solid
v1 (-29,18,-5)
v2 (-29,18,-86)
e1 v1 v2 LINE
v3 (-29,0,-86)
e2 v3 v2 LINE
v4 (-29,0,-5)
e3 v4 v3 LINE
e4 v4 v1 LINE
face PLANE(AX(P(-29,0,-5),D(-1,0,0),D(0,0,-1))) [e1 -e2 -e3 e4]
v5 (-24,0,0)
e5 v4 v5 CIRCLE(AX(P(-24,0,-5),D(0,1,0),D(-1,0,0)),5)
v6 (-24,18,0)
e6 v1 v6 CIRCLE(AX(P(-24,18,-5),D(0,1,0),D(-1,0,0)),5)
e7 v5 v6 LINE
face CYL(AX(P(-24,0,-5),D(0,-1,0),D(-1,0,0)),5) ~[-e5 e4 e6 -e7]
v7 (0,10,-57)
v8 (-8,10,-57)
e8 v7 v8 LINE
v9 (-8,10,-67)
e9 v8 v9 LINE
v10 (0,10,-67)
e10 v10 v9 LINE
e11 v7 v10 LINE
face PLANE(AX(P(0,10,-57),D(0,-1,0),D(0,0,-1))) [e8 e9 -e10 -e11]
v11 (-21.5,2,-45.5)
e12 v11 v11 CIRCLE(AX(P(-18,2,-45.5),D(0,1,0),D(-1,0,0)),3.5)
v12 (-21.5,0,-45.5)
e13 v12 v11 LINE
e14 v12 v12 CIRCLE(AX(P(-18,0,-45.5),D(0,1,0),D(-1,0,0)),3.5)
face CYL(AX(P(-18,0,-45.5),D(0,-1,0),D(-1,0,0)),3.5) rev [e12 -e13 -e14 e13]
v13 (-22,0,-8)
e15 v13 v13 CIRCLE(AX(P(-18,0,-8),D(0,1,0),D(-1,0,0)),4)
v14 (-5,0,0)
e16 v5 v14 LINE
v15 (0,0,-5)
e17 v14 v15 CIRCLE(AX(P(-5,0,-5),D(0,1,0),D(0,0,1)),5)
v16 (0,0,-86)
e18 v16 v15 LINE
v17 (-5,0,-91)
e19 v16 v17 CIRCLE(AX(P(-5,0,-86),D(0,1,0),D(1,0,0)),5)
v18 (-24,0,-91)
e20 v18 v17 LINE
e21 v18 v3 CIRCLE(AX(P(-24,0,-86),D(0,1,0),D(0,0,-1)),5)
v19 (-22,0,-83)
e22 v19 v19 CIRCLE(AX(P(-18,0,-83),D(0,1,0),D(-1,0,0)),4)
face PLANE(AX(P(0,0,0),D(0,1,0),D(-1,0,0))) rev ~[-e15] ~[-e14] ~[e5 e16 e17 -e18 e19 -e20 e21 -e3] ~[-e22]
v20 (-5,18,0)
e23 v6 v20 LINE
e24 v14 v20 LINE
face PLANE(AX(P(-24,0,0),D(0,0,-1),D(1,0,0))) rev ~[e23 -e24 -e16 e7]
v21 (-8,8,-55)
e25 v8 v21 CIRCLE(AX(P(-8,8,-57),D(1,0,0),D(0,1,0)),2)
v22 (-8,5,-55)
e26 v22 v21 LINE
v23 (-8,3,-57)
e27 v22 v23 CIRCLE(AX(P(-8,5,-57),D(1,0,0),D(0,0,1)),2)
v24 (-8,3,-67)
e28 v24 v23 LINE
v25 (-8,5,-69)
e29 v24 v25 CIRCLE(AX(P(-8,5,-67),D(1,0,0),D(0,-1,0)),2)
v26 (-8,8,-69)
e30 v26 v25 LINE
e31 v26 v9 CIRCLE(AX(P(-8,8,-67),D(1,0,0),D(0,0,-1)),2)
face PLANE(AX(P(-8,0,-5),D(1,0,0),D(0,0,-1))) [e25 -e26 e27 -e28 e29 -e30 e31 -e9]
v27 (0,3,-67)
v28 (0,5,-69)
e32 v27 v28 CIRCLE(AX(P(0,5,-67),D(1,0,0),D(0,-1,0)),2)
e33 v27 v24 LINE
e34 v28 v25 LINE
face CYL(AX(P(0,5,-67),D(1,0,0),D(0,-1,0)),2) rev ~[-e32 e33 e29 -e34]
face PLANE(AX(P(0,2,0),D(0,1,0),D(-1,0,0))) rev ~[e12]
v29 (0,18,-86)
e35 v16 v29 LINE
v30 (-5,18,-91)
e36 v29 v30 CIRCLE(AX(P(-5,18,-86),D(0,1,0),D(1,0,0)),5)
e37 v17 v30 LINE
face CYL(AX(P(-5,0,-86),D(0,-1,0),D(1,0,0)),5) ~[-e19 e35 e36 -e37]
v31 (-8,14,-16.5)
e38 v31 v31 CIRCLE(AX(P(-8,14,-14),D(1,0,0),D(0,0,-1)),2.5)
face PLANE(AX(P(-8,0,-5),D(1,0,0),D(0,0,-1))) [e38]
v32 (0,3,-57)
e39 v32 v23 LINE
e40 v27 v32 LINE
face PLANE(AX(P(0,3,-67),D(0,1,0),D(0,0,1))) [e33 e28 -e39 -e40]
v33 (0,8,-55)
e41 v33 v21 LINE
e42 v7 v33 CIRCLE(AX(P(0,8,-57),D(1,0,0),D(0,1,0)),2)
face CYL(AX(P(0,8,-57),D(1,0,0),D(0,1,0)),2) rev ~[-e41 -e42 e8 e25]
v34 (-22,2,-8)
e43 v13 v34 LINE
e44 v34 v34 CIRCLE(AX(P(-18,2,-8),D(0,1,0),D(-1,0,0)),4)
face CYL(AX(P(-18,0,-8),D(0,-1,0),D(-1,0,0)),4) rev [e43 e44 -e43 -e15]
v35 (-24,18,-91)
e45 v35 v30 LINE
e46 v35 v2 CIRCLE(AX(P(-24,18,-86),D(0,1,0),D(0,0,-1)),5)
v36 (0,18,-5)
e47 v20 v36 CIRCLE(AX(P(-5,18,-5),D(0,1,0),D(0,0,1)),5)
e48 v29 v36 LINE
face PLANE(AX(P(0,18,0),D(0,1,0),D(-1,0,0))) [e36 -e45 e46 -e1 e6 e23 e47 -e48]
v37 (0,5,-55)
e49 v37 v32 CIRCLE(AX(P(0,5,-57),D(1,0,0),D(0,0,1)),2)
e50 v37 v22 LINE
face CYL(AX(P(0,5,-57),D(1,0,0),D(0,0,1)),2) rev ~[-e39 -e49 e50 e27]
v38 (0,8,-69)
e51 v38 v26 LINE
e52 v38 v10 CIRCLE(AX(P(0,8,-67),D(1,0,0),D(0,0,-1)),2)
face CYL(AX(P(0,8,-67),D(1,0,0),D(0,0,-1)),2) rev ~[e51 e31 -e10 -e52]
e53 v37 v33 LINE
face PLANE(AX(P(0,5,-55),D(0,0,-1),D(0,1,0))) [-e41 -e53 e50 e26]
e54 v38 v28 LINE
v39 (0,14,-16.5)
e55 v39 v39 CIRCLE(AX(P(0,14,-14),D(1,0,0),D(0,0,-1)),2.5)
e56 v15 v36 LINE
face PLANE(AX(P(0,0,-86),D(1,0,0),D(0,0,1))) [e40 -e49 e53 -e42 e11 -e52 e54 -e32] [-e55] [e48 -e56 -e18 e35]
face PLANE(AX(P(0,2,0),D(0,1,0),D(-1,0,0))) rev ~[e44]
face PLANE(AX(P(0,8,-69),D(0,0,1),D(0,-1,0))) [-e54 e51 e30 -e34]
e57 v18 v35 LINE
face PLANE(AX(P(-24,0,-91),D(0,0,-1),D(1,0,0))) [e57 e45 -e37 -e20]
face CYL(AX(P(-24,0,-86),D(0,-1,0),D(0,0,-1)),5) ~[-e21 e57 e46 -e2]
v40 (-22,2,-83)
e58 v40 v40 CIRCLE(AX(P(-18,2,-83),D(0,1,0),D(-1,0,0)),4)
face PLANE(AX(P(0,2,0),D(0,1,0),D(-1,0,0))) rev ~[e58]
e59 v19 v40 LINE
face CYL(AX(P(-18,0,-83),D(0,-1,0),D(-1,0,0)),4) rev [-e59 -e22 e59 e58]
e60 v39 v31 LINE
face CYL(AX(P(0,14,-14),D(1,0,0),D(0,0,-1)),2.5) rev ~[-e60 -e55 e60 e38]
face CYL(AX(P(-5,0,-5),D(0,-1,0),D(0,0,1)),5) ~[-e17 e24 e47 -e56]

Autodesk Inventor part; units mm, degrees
ref_plane "YZ Plane" through (0, 0, 0) normal (1, 0, 0) x (0, 1, 0)
ref_plane "XZ Plane" through (0, 0, 0) normal (0, 1, 0) x (-1, 0, 0)
ref_plane "XY Plane" through (0, 0, 0) normal (0, 0, 1) x (1, 0, 0)
sketch "Sketch1" plane through (0, 0, 0) normal (0, 1, 0) x (-1, 0, 0)
  line L0 (0, -110.6497) -> (0, 19.6497) projected
  line L1 (36.2497, 0) -> (-7.2497, 0) projected
  line L2 (5, 0) -> (24, 0)
  line L3 (29, -5) -> (29, -86)
  line L4 (24, -91) -> (5, -91)
  line L5 (0, -86) -> (0, -5)
  line L6 (0, 0) -> (29, -91) construction
  line L7 (29, 0) -> (0, -91) construction
  arc A0 (29, -5) -> (24, 0) centre (24, -5) ccw
  arc A1 (24, -91) -> (29, -86) centre (24, -86) ccw
  arc A2 (0, -86) -> (5, -91) centre (5, -86) ccw
  arc A3 (5, 0) -> (0, -5) centre (5, -5) ccw
  circle A4 centre (18, -8) radius 4
  circle A5 centre (18, -45.5) radius 3.5
  circle A6 centre (18, -83) radius 4
  point P0 (0, -5)
  dimension "d0" = 29
  dimension "d1" = 91
  dimension "d2" = 5
  dimension "d3" = 8
  dimension "d4" = 7
  dimension "d5" = 8
  dimension "d6" = 18
  dimension "d7" = 45.5
  dimension "d8" = 18
  dimension "d9" = 8
  dimension "d10" = 8
  dimension "d11" = 18
extrude "Extrusion1" add sketch "Sketch1" along normal blind 18 contours L0 A3 L1 A0 L3 A1 L4 A2 | A4 | A5 | A6
sketch "Sketch2" plane through (0, 0, -5) normal (1, 0, 0) x (0, 0, -1)
  line L0 (-5, -3.6) -> (-5, 21.6) projected
  line L1 (104.2, 0) -> (-23.2, 0) projected
  circle A0 centre (9, 14) radius 2.5
  line L2 (52, 10) -> (62, 10)
  line L3 (64, 8) -> (64, 5)
  line L4 (62, 3) -> (52, 3)
  line L5 (50, 5) -> (50, 8)
  line L6 (50, 10) -> (64, 3) construction
  line L7 (64, 10) -> (50, 3) construction
  arc A1 (64, 8) -> (62, 10) centre (62, 8) ccw
  arc A2 (62, 3) -> (64, 5) centre (62, 5) ccw
  arc A3 (50, 5) -> (52, 3) centre (52, 5) ccw
  arc A4 (52, 10) -> (50, 8) centre (52, 8) ccw
  point P0 (-5, 0)
  point P1 (57, 6.5)
  point P2 (50, 6.5)
  dimension "d14" = 5
  dimension "d15" = 14
  dimension "d16" = 14
  dimension "d17" = 14
  dimension "d18" = 7
  dimension "d19" = 2
  dimension "d20" = 55
  dimension "d21" = 3
extrude "Extrusion2" cut sketch "Sketch1" along normal blind 2 contours A4 | A5 | A6
extrude "Extrusion3" cut sketch "Sketch2" against normal blind 8
properties part number "camera_model"
